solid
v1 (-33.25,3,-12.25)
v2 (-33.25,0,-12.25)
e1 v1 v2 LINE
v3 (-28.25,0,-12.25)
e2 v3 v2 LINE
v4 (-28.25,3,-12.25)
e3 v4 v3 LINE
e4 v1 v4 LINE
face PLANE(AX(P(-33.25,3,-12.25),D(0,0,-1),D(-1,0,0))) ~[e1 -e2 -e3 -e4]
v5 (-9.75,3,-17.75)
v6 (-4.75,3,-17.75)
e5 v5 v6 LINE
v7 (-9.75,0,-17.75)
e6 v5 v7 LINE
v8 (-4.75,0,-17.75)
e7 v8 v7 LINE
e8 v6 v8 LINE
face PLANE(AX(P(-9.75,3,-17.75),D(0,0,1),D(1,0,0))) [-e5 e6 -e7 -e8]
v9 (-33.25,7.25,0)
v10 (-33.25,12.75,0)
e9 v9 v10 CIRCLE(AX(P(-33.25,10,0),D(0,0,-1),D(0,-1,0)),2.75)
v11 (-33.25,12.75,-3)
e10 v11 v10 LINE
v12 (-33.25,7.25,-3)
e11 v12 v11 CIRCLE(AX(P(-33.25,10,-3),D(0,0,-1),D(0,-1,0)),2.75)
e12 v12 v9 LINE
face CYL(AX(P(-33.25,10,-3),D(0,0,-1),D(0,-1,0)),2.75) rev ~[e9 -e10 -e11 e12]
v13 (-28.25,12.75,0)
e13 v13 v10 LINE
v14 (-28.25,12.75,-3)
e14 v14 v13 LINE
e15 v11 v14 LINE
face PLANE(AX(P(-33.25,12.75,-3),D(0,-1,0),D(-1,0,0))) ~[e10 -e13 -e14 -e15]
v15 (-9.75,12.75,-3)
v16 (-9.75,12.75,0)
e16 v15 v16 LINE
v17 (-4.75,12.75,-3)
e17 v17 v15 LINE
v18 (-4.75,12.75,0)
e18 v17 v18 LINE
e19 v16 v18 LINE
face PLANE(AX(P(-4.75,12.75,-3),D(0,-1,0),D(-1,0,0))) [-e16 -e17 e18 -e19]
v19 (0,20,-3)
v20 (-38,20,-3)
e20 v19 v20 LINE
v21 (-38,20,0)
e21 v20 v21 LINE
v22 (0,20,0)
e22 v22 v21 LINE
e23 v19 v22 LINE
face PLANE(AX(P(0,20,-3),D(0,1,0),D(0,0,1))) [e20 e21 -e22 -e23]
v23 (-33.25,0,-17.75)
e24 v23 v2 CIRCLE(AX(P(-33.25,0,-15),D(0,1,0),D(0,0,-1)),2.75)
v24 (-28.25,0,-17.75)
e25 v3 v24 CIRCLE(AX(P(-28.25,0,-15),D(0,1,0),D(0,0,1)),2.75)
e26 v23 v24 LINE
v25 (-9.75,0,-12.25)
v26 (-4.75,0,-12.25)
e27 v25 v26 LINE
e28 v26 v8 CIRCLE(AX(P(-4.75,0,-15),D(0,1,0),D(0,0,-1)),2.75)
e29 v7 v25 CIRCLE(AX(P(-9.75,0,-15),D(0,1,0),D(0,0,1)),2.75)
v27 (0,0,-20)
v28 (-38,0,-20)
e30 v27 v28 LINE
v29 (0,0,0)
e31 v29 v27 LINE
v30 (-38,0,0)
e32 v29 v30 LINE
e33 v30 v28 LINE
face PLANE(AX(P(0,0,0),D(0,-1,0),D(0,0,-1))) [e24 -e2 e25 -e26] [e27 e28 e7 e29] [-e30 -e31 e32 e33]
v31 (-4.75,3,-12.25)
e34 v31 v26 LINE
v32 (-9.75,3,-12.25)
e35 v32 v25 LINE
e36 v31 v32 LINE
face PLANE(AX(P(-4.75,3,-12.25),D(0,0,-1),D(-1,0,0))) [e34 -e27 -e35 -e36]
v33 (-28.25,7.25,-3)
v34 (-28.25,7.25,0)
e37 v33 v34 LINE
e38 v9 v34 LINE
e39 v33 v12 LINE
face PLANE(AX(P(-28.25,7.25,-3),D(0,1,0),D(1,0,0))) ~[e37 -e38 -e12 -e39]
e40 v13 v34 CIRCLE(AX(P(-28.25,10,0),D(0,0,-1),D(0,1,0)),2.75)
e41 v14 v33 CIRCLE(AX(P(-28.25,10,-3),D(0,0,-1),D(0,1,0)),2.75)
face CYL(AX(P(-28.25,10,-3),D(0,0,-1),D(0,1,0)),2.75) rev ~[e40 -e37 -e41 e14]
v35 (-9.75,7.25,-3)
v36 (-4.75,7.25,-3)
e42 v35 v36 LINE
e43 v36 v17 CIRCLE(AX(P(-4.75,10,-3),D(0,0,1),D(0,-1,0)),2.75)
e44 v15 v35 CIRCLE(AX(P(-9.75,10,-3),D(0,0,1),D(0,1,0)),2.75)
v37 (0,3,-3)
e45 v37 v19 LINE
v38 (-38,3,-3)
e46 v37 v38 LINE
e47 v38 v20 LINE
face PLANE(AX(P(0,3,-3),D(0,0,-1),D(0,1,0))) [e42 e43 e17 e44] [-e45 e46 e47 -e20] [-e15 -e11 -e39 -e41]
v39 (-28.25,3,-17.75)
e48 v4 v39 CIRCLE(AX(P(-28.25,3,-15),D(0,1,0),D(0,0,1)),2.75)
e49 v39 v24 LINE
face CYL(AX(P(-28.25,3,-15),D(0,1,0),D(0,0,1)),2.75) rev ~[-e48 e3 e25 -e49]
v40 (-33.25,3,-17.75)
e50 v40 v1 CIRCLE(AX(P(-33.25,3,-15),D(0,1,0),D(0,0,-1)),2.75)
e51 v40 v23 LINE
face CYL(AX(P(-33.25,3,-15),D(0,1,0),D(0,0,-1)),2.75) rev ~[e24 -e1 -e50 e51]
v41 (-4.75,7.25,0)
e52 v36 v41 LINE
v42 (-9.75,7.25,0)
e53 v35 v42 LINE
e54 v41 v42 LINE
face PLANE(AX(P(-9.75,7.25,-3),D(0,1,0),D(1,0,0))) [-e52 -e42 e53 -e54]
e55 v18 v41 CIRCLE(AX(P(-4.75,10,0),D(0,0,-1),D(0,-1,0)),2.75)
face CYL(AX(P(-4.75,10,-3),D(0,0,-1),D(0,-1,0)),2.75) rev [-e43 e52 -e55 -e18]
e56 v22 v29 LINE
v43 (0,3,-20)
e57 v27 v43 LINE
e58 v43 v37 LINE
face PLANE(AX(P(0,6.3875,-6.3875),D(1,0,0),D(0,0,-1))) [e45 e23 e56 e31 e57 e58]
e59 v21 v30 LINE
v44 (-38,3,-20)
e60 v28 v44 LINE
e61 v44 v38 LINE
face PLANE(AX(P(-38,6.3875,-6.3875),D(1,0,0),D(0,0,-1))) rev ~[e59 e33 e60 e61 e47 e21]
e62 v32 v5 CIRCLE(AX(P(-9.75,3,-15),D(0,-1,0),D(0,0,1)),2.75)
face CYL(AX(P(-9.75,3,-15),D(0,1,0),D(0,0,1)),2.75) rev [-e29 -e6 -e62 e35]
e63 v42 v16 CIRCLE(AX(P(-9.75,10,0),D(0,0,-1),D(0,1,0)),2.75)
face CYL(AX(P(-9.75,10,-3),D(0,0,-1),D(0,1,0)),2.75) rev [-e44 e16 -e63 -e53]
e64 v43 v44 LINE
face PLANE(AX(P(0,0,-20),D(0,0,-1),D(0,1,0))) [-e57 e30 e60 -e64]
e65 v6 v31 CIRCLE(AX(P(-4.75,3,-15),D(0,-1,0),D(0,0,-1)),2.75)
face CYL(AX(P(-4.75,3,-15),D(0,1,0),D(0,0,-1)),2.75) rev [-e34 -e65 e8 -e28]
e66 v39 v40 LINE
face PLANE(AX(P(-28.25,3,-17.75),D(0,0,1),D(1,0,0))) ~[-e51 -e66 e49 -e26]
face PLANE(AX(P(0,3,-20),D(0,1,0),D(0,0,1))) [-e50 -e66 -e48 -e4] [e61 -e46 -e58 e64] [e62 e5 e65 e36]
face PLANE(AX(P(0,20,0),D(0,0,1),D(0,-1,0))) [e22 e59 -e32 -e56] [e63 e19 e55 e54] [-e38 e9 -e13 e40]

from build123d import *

# Parameters (mm, degrees)
BOSS_EXTRUDE1_DEPTH = 38
CUT_EXTRUDE1_DEPTH  = 4
CUT_EXTRUDE2_DEPTH  = 4


with BuildPart() as part:
    # Sketch1 → Boss-Extrude1 (new body)
    with BuildSketch(Plane(origin=(0, 0, 0), x_dir=(0, 0, -1), z_dir=(1, 0, 0))):
        Polygon((0, 20), (0, 0), (20, 0), (20, 3), (3, 3), (3, 20), align=None)
    extrude(amount=-BOSS_EXTRUDE1_DEPTH)

    # Sketch2 → Cut-Extrude1 (cut, through all)
    with BuildSketch(Plane(origin=(0, 0, -3), x_dir=(-1, 0, 0), z_dir=(0, 0, -1))):
        with BuildLine():
            Line((4.75, 12.75), (9.75, 12.75))
            ThreePointArc((9.75, 12.75), (12.5, 10), (9.75, 7.25))
            Line((9.75, 7.25), (4.75, 7.25))
            ThreePointArc((4.75, 7.25), (2, 10), (4.75, 12.75))
        make_face()
    cut_extrude1 = extrude(amount=-CUT_EXTRUDE1_DEPTH, mode=Mode.SUBTRACT)

    # Sketch3 → Cut-Extrude2 (cut, through all)
    with BuildSketch(Plane(origin=(0, 3, 0), x_dir=(1, 0, 0), z_dir=(0, 1, 0))):
        with BuildLine():
            Line((-4.75, 12.25), (-9.75, 12.25))
            ThreePointArc((-9.75, 12.25), (-12.5, 15), (-9.75, 17.75))
            Line((-9.75, 17.75), (-4.75, 17.75))
            ThreePointArc((-4.75, 17.75), (-2, 15), (-4.75, 12.25))
        make_face()
    cut_extrude2 = extrude(amount=-CUT_EXTRUDE2_DEPTH, mode=Mode.SUBTRACT)

    # Mirror1: Cut-Extrude1 across plane
    add(cut_extrude1.mirror(Plane(origin=(-19, 0, 0), x_dir=(0, 0, 1), z_dir=(1, 0, 0))), mode=Mode.SUBTRACT)

    # Mirror2: Cut-Extrude2 across plane
    add(cut_extrude2.mirror(Plane(origin=(-19, 0, 0), x_dir=(0, 0, 1), z_dir=(1, 0, 0))), mode=Mode.SUBTRACT)


solid = part.part
